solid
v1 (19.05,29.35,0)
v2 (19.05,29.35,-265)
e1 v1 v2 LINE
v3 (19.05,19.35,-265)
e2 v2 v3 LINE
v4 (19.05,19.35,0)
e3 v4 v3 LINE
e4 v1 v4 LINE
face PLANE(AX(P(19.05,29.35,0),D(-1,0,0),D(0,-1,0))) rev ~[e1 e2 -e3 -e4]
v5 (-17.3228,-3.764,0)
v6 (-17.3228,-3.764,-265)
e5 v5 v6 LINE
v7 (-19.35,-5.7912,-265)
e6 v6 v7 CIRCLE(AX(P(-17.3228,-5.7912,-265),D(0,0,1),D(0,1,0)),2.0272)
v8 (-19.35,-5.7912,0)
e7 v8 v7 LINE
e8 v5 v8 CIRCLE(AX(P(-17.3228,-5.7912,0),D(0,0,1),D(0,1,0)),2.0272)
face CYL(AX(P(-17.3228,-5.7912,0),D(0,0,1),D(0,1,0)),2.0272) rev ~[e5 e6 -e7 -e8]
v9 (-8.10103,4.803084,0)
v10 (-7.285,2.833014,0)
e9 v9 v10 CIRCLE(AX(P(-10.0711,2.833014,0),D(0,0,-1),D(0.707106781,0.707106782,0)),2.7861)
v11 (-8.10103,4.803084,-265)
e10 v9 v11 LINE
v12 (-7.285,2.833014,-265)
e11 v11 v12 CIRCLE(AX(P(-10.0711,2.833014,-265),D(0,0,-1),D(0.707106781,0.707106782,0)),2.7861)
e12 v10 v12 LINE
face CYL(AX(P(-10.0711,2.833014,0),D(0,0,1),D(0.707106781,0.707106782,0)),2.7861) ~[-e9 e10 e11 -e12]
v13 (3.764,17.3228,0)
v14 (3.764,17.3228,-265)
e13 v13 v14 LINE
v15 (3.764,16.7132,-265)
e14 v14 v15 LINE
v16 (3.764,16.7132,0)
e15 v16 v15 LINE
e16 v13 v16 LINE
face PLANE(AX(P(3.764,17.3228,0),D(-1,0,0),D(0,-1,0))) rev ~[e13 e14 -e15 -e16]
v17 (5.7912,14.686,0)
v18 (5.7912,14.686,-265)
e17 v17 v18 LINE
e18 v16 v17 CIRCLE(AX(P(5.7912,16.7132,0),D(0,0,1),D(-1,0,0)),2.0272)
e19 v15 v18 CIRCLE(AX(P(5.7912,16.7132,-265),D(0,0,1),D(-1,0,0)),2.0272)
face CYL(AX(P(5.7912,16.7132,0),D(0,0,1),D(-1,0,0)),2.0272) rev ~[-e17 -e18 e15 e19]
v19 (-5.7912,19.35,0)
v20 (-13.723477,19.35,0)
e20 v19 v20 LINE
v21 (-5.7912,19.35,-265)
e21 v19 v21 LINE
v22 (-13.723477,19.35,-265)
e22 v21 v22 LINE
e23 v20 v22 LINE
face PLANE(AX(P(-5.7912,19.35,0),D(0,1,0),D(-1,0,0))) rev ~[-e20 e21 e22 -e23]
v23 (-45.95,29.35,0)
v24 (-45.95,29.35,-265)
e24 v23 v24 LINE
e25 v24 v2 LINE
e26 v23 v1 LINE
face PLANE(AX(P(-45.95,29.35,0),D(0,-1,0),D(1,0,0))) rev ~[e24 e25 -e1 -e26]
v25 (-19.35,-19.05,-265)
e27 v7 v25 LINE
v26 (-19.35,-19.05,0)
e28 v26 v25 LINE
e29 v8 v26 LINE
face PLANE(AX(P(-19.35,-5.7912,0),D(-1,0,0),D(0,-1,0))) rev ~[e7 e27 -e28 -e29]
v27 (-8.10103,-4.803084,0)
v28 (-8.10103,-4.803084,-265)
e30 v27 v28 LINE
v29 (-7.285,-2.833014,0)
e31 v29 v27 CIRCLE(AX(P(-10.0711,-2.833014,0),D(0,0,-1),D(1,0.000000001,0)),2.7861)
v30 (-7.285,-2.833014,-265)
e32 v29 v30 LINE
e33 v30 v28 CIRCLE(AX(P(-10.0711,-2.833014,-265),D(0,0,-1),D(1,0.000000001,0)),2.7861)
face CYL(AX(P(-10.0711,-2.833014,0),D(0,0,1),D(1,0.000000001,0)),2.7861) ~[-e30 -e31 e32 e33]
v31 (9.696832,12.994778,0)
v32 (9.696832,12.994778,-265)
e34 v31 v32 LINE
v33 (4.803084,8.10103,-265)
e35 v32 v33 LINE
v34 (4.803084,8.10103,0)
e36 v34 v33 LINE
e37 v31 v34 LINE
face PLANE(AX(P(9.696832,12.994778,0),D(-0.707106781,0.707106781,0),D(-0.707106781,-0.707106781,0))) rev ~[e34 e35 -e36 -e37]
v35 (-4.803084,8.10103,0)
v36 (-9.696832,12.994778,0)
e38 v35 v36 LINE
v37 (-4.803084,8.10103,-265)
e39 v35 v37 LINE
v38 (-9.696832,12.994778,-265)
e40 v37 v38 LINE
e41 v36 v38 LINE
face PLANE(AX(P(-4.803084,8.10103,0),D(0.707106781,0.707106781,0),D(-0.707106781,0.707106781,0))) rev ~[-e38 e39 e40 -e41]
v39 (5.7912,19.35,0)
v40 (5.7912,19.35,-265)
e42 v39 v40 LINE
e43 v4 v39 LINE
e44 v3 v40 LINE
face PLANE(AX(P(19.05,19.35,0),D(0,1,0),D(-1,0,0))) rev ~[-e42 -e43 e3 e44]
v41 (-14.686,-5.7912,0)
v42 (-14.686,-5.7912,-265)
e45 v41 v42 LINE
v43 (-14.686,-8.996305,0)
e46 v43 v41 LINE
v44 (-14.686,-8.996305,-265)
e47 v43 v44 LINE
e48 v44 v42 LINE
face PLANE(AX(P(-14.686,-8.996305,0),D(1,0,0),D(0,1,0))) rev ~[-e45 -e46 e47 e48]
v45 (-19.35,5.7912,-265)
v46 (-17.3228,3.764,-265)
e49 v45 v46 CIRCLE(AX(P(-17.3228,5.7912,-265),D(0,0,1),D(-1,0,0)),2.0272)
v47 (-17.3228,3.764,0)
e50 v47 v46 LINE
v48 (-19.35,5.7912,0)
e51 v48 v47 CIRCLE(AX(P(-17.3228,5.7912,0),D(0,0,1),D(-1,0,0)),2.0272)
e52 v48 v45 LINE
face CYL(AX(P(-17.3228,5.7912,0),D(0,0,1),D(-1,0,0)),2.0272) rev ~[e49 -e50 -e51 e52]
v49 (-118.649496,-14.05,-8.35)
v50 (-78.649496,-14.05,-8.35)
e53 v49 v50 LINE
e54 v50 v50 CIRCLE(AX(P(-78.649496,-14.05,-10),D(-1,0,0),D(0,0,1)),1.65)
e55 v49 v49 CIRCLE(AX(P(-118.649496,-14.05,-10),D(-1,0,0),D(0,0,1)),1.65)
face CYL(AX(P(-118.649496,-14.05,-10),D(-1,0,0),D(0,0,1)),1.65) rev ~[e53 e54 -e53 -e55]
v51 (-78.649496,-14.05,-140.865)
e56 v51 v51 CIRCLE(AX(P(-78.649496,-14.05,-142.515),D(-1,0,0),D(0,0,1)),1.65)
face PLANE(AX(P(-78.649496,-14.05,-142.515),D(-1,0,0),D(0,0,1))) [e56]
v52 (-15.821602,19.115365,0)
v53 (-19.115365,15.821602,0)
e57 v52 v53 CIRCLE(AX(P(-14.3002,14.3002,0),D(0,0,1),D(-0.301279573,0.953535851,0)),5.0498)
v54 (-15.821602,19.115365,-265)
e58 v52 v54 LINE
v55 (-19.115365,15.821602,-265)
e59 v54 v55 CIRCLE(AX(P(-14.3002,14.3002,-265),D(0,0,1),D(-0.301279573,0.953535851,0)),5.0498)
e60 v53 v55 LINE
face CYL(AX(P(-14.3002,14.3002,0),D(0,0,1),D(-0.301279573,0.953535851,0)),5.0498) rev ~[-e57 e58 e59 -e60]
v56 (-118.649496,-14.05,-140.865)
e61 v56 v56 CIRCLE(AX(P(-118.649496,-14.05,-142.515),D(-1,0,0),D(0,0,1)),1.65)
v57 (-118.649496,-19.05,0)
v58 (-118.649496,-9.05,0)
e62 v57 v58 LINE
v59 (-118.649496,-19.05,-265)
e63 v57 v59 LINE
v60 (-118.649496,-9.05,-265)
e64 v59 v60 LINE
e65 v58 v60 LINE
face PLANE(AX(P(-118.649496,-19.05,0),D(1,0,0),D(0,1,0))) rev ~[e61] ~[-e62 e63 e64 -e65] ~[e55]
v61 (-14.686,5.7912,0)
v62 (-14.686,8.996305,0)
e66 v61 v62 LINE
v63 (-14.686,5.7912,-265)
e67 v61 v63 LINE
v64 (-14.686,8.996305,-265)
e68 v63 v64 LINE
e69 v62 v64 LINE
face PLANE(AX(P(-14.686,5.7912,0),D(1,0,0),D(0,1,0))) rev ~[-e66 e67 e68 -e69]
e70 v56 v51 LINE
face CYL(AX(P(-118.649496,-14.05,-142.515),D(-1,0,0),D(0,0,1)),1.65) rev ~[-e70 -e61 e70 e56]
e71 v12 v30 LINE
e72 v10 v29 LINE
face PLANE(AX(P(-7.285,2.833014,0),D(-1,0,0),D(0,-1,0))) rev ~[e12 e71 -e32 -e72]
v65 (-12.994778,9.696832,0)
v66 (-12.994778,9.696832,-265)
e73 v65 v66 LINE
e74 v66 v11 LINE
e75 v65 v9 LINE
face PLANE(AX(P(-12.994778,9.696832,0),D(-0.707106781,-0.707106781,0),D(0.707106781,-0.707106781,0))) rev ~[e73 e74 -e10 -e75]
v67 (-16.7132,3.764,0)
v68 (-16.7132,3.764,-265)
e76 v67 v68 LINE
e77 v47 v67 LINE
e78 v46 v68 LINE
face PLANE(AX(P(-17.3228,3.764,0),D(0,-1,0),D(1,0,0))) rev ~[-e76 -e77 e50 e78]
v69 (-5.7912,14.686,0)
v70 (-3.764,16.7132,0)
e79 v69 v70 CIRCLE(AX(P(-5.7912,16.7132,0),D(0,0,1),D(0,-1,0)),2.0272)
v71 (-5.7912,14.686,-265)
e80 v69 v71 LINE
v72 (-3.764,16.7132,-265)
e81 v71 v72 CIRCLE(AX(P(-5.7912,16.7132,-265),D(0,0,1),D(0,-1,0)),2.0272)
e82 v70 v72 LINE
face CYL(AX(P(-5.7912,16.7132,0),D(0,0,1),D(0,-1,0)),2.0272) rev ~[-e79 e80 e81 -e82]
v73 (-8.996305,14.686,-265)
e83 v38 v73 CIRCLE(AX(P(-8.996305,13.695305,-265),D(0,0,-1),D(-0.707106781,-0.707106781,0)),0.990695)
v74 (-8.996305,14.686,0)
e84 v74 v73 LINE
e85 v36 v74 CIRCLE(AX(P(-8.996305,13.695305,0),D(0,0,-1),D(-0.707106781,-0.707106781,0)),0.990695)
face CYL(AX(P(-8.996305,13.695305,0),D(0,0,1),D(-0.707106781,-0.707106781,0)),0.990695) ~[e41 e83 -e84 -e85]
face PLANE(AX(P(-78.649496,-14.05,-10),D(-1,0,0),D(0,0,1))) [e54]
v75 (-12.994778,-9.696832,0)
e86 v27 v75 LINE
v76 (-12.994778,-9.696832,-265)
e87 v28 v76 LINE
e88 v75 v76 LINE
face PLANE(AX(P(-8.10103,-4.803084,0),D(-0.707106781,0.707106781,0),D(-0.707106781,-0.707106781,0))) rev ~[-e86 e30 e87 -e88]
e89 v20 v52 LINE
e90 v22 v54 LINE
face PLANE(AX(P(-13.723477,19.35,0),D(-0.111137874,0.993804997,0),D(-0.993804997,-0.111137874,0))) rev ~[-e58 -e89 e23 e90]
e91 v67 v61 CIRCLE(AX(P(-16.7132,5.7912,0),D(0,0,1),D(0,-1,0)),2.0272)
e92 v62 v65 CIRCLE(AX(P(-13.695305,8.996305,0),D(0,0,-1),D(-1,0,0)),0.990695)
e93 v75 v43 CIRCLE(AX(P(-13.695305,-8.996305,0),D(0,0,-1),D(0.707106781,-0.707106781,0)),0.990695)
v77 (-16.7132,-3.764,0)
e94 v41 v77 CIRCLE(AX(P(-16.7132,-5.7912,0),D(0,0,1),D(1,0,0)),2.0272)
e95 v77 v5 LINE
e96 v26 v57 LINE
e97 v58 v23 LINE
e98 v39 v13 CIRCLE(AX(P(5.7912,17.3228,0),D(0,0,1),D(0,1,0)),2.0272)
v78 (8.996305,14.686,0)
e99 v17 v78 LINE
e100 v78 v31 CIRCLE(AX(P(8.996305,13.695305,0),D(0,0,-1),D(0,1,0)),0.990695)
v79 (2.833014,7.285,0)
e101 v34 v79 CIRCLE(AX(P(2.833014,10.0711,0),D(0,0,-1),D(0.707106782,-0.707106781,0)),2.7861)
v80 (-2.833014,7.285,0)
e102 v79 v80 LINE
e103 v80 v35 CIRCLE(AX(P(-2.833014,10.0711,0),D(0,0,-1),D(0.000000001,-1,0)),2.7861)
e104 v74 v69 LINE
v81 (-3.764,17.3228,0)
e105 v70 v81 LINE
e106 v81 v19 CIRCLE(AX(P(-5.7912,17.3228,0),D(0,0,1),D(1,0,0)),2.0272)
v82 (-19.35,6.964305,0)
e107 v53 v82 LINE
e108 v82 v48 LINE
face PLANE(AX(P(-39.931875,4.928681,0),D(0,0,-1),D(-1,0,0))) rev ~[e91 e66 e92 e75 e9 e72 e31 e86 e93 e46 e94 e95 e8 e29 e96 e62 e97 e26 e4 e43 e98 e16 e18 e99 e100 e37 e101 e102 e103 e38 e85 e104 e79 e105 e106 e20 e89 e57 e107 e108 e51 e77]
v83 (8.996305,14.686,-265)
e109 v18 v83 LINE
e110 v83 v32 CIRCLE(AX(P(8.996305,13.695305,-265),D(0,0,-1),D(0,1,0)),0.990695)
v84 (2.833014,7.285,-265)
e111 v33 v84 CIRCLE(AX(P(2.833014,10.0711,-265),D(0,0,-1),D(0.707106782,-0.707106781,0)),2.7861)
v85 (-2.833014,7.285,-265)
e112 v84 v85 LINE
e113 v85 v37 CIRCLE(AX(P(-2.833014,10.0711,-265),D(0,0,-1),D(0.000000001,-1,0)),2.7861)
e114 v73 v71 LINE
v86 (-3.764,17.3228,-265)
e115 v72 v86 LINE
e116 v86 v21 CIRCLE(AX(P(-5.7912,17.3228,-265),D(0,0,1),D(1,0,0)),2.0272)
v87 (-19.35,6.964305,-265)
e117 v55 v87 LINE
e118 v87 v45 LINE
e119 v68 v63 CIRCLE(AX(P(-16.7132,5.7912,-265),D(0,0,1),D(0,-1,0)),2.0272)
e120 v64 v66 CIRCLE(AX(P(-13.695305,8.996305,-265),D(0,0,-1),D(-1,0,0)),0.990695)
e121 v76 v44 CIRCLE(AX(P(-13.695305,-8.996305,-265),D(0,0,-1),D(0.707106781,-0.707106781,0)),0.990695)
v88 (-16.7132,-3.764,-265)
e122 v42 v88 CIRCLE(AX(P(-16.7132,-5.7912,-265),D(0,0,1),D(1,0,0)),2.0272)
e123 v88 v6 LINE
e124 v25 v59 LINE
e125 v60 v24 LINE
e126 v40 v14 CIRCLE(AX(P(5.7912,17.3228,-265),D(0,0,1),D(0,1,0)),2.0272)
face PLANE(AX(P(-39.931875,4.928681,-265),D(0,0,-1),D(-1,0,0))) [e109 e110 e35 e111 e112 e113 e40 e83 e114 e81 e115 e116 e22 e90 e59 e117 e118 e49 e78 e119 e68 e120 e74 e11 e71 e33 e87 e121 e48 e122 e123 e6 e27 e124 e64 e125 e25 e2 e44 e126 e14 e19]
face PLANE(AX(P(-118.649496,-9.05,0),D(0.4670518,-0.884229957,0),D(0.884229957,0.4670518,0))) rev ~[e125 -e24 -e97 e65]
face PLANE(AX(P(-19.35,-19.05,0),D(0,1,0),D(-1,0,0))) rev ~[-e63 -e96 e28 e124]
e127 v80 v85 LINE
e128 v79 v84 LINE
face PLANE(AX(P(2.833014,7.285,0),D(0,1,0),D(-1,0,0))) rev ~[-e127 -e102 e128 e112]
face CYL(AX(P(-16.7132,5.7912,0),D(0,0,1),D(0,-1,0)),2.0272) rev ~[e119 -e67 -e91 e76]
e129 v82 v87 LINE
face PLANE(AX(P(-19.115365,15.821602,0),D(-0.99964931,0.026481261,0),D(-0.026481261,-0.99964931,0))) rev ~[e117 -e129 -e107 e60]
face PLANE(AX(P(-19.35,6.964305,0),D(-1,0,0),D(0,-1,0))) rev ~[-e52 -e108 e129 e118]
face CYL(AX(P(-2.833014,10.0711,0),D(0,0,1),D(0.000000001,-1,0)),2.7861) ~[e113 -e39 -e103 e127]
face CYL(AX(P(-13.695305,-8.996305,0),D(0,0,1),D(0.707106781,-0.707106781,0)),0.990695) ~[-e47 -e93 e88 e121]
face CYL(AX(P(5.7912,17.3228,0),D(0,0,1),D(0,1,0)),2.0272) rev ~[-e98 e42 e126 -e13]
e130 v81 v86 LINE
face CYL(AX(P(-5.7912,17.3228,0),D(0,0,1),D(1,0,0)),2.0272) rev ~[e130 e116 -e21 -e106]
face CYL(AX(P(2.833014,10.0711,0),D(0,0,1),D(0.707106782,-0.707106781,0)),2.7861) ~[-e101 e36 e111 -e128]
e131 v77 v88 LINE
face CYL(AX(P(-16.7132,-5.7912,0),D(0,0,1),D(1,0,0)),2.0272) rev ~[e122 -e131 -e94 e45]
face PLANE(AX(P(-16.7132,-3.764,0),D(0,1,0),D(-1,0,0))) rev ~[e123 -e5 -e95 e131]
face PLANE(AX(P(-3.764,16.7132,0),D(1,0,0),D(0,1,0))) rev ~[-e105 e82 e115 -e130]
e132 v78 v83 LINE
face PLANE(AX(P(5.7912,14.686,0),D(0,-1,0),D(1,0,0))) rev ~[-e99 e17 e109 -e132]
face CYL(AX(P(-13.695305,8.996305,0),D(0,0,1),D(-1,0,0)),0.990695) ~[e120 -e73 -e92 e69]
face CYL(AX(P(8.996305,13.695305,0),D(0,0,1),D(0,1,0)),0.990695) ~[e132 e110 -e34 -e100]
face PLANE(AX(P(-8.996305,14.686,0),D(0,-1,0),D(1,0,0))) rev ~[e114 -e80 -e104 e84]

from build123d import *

# Parameters (mm, degrees)
BOSS_EXTRUDE1_DEPTH = 265
SKETCH3_R           = 1.65
CUT_EXTRUDE1_DEPTH  = 40


with BuildPart() as part:
    # Sketch2 → Boss-Extrude1 (new body)
    with BuildSketch(Plane.XY):
        with BuildLine():
            ThreePointArc((-3.764, 17.3228), (-4.357753133, 18.756246867), (-5.7912, 19.35))
            Line((-5.7912, 19.35), (-6.964305235, 19.35))
            Line((-6.964305235, 19.35), (-8.996305235, 19.35))
            Line((-8.996305235, 19.35), (-13.723477062, 19.35))
            Line((-13.723477062, 19.35), (-15.821601592, 19.115365338))
            ThreePointArc((-15.821601592, 19.115365338), (-17.870947824, 17.870947824), (-19.115365338, 15.821601592))
            Line((-19.115365338, 15.821601592), (-19.35, 6.964305235))
            Line((-19.35, 6.964305235), (-19.35, 5.7912))
            ThreePointArc((-19.35, 5.7912), (-18.756246867, 4.357753133), (-17.3228, 3.764))
            Line((-17.3228, 3.764), (-16.7132, 3.764))
            ThreePointArc((-16.7132, 3.764), (-15.279753133, 4.357753133), (-14.686, 5.7912))
            Line((-14.686, 5.7912), (-14.686, 8.996305235))
            ThreePointArc((-14.686, 8.996305235), (-14.074427708, 9.911587851), (-12.994778249, 9.696832221))
            Line((-12.994778249, 9.696832221), (-8.101029797, 4.803083769))
            ThreePointArc((-8.101029797, 4.803083769), (-7.497079234, 3.899207877), (-7.285, 2.833013566))
            Line((-7.285, 2.833013566), (-7.285, -2.833013566))
            ThreePointArc((-7.285, -2.833013566), (-7.497079234, -3.899207877), (-8.101029797, -4.803083769))
            Line((-8.101029797, -4.803083769), (-12.994778249, -9.696832221))
            ThreePointArc((-12.994778249, -9.696832221), (-14.074427708, -9.911587851), (-14.686, -8.996305235))
            Line((-14.686, -8.996305235), (-14.686, -5.7912))
            ThreePointArc((-14.686, -5.7912), (-15.279753133, -4.357753133), (-16.7132, -3.764))
            Line((-16.7132, -3.764), (-17.3228, -3.764))
            ThreePointArc((-17.3228, -3.764), (-18.756246867, -4.357753133), (-19.35, -5.7912))
            Line((-19.35, -5.7912), (-19.35, -6.964305235))
            Line((-19.35, -6.964305235), (-19.35, -19.05))
            Line((-19.35, -19.05), (-118.649495781, -19.05))
            Line((-118.649495781, -19.05), (-118.649495781, -9.05))
            Line((-118.649495781, -9.05), (-45.95, 29.35))
            Line((-45.95, 29.35), (19.05, 29.35))
            Line((19.05, 29.35), (19.05, 19.35))
            Line((19.05, 19.35), (6.964305235, 19.35))
            Line((6.964305235, 19.35), (5.7912, 19.35))
            ThreePointArc((5.7912, 19.35), (4.357753133, 18.756246867), (3.764, 17.3228))
            Line((3.764, 17.3228), (3.764, 16.7132))
            ThreePointArc((3.764, 16.7132), (4.357753133, 15.279753133), (5.7912, 14.686))
            Line((5.7912, 14.686), (8.996305235, 14.686))
            ThreePointArc((8.996305235, 14.686), (9.911587851, 14.074427708), (9.696832221, 12.994778249))
            Line((9.696832221, 12.994778249), (4.803083769, 8.101029797))
            ThreePointArc((4.803083769, 8.101029797), (3.899207877, 7.497079234), (2.833013566, 7.285))
            Line((2.833013566, 7.285), (-2.833013566, 7.285))
            ThreePointArc((-2.833013566, 7.285), (-3.899207877, 7.497079234), (-4.803083769, 8.101029797))
            Line((-4.803083769, 8.101029797), (-9.696832221, 12.994778249))
            ThreePointArc((-9.696832221, 12.994778249), (-9.911587851, 14.074427708), (-8.996305235, 14.686))
            Line((-8.996305235, 14.686), (-5.7912, 14.686))
            ThreePointArc((-5.7912, 14.686), (-4.357753133, 15.279753133), (-3.764, 16.7132))
            Line((-3.764, 16.7132), (-3.764, 17.3228))
        make_face()
    extrude(amount=-BOSS_EXTRUDE1_DEPTH)

    # Sketch3 → Cut-Extrude1 (cut)
    with BuildSketch(Plane.ZY.offset(118.649495781)):
        with Locations((-10, -14.05)):
            Circle(SKETCH3_R)
        with Locations((-275.03, -14.05)):
            Circle(SKETCH3_R)
        with Locations((-142.515, -14.05)):
            Circle(SKETCH3_R)
    extrude(amount=-CUT_EXTRUDE1_DEPTH, mode=Mode.SUBTRACT)


solid = part.part
